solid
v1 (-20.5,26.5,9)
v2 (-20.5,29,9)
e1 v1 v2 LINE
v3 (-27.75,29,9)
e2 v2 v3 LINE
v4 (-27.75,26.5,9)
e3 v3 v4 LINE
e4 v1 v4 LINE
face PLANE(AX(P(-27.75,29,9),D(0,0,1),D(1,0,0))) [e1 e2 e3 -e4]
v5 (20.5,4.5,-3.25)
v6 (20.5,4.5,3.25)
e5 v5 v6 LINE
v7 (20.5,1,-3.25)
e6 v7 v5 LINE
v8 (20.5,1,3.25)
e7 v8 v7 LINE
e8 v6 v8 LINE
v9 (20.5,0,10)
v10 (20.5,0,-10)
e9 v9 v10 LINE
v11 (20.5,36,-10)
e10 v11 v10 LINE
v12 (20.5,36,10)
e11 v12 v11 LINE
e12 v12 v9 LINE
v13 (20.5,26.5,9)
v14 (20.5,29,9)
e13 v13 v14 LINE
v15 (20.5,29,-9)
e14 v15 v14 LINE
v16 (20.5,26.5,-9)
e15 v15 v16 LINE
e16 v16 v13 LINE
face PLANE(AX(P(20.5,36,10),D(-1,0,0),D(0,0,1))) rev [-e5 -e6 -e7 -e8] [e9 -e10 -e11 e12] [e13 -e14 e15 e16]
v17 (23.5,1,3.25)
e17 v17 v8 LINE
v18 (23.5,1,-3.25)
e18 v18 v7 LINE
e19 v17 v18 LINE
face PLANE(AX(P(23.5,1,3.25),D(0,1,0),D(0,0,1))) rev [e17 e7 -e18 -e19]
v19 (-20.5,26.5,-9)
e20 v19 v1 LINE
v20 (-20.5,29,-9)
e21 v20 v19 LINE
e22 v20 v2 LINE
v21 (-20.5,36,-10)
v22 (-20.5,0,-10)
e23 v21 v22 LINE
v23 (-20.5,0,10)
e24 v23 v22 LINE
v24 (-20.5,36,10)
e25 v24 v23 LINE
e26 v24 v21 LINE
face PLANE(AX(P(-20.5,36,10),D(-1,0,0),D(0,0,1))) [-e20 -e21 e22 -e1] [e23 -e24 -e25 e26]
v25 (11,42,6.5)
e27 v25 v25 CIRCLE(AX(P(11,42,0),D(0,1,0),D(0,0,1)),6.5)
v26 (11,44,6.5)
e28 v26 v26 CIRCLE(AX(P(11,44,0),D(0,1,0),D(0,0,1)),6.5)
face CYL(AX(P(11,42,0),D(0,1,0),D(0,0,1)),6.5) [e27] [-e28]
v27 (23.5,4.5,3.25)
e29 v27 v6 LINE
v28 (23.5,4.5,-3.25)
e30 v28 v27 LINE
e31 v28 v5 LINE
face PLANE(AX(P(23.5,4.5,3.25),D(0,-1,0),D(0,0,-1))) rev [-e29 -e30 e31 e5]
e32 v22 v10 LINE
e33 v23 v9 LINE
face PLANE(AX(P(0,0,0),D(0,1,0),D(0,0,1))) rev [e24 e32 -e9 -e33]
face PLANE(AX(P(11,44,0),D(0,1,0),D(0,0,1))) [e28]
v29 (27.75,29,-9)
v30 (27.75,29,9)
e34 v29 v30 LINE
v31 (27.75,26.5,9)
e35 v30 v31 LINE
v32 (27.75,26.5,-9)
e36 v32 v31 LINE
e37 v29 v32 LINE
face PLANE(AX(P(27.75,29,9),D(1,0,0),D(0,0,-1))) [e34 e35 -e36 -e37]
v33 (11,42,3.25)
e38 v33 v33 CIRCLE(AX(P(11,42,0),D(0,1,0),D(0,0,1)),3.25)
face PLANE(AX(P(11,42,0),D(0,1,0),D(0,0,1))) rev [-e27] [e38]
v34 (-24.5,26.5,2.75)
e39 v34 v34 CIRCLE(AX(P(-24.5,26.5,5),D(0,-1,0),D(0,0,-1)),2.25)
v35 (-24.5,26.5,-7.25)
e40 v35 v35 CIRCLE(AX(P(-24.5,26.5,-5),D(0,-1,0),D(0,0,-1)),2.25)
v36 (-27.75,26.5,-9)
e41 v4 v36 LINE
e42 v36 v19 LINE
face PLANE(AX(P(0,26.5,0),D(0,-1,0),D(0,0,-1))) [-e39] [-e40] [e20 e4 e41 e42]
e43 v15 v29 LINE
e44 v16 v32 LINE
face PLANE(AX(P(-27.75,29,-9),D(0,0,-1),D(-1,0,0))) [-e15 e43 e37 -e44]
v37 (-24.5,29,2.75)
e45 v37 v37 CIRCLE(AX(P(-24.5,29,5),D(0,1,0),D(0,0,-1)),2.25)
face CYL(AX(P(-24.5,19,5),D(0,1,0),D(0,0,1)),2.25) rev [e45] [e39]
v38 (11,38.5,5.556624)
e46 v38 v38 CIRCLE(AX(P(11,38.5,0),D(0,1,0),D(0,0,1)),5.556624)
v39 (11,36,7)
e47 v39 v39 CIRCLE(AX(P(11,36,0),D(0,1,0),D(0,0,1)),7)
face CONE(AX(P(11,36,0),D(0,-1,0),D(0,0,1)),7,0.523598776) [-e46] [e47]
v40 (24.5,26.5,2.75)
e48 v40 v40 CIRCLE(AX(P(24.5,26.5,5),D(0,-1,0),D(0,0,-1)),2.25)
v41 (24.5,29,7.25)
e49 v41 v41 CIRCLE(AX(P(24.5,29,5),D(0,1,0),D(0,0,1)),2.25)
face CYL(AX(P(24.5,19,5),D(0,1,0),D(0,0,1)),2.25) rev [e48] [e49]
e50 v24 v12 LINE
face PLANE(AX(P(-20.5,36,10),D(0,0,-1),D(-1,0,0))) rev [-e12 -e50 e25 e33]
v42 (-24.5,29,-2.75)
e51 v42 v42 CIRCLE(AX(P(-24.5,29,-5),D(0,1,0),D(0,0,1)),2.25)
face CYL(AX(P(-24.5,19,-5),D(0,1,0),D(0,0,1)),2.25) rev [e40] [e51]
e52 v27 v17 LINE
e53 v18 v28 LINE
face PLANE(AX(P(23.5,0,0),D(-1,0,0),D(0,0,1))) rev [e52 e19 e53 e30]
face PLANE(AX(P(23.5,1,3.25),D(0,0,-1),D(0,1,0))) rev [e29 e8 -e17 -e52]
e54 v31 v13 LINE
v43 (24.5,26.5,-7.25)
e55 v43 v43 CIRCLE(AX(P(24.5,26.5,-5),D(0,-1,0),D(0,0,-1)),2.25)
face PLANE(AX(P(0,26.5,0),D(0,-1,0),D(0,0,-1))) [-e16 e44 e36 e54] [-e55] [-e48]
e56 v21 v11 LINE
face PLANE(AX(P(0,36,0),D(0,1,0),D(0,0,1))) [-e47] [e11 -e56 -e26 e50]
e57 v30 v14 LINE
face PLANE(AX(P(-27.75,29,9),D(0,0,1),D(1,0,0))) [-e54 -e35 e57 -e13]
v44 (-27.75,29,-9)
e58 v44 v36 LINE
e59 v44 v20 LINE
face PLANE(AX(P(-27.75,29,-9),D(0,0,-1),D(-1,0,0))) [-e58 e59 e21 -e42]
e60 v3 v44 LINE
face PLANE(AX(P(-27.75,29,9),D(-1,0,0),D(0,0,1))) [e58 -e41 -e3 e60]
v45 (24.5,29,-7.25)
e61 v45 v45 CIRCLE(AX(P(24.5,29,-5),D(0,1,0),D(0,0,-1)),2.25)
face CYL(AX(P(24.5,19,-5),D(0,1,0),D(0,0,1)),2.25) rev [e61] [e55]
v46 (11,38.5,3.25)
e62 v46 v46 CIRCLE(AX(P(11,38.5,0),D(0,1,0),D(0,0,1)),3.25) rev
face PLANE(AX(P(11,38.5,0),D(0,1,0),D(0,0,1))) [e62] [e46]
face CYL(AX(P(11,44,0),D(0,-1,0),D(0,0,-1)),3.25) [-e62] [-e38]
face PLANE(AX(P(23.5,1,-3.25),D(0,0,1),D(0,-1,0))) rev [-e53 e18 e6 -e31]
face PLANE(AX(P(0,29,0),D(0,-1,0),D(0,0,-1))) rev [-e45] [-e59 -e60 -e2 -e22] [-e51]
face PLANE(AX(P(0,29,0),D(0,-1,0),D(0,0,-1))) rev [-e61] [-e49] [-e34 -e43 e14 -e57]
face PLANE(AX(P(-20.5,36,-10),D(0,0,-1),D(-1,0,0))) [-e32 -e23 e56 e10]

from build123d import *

# Parameters (mm, degrees)
SKETCH1_W           = 41
SKETCH1_H           = 20
BOSS_EXTRUDE1_DEPTH = 36
BOSS_EXTRUDE2_START = -26.5
SKETCH2_W           = 55.5
SKETCH2_H           = 18
BOSS_EXTRUDE2_DEPTH = 2.5
SKETCH3_W           = 6.5
SKETCH3_H           = 3.5
BOSS_EXTRUDE3_DEPTH = 3
SKETCH4_R           = 7
BOSS_EXTRUDE4_DEPTH = 2.5
BOSS_EXTRUDE4_TAPER = 30
SKETCH5_R           = 3.25
BOSS_EXTRUDE6_DEPTH = 8
SKETCH6_R           = 6.5
BOSS_EXTRUDE7_DEPTH = 2
SKETCH9_R           = 2.25
CUT_EXTRUDE1_DEPTH  = 10


with BuildPart() as part:
    # Sketch1 → Boss-Extrude1 (new body)
    with BuildSketch(Plane(origin=(0, 0, 0), x_dir=(1, 0, 0), z_dir=(0, 1, 0))):
        Rectangle(SKETCH1_W, SKETCH1_H)
    extrude(amount=BOSS_EXTRUDE1_DEPTH)

    # Sketch2 → Boss-Extrude2 (add)
    with BuildSketch(Plane.XZ.offset(BOSS_EXTRUDE2_START)):
        Rectangle(SKETCH2_W, SKETCH2_H)
    extrude(amount=-BOSS_EXTRUDE2_DEPTH)

    # Sketch3 → Boss-Extrude3 (add)
    with BuildSketch(Plane(origin=(20.5, 0, 0), x_dir=(0, 0, -1), z_dir=(1, 0, 0))):
        with Locations((0, 2.75)):
            Rectangle(SKETCH3_W, SKETCH3_H)
    extrude(amount=BOSS_EXTRUDE3_DEPTH)

    # Sketch4 → Boss-Extrude4 (add)
    with BuildSketch(Plane(origin=(0, 36, 0), x_dir=(1, 0, 0), z_dir=(0, 1, 0))):
        with Locations((11, 0)):
            Circle(SKETCH4_R)
    extrude(amount=BOSS_EXTRUDE4_DEPTH, taper=BOSS_EXTRUDE4_TAPER)

    # Sketch5 → Boss-Extrude6 (add)
    with BuildSketch(Plane(origin=(0, 36, 0), x_dir=(1, 0, 0), z_dir=(0, 1, 0))):
        with Locations(Location((11, 0, 0), (0, 0, 270))):
            Circle(SKETCH5_R)
    extrude(amount=BOSS_EXTRUDE6_DEPTH)

    # Sketch6 → Boss-Extrude7 (add)
    with BuildSketch(Plane(origin=(0, 44, 0), x_dir=(1, 0, 0), z_dir=(0, 1, 0))):
        with Locations(Location((11, 0, 0), (0, 0, 270))):
            Circle(SKETCH6_R)
    extrude(amount=-BOSS_EXTRUDE7_DEPTH)

    # Sketch9 → Cut-Extrude1 (cut)
    with BuildSketch(Plane(origin=(0, 29, 0), x_dir=(1, 0, 0), z_dir=(0, 1, 0))):
        with Locations(Location((-24.5, 5, 0), (0, 0, 270))):
            Circle(SKETCH9_R)
        with Locations(Location((24.5, 5, 0), (0, 0, 90))):
            Circle(SKETCH9_R)
        with Locations(Location((-24.5, -5, 0), (0, 0, 90))):
            Circle(SKETCH9_R)
        with Locations(Location((24.5, -5, 0), (0, 0, 270))):
            Circle(SKETCH9_R)
    extrude(amount=-CUT_EXTRUDE1_DEPTH, mode=Mode.SUBTRACT)


solid = part.part
